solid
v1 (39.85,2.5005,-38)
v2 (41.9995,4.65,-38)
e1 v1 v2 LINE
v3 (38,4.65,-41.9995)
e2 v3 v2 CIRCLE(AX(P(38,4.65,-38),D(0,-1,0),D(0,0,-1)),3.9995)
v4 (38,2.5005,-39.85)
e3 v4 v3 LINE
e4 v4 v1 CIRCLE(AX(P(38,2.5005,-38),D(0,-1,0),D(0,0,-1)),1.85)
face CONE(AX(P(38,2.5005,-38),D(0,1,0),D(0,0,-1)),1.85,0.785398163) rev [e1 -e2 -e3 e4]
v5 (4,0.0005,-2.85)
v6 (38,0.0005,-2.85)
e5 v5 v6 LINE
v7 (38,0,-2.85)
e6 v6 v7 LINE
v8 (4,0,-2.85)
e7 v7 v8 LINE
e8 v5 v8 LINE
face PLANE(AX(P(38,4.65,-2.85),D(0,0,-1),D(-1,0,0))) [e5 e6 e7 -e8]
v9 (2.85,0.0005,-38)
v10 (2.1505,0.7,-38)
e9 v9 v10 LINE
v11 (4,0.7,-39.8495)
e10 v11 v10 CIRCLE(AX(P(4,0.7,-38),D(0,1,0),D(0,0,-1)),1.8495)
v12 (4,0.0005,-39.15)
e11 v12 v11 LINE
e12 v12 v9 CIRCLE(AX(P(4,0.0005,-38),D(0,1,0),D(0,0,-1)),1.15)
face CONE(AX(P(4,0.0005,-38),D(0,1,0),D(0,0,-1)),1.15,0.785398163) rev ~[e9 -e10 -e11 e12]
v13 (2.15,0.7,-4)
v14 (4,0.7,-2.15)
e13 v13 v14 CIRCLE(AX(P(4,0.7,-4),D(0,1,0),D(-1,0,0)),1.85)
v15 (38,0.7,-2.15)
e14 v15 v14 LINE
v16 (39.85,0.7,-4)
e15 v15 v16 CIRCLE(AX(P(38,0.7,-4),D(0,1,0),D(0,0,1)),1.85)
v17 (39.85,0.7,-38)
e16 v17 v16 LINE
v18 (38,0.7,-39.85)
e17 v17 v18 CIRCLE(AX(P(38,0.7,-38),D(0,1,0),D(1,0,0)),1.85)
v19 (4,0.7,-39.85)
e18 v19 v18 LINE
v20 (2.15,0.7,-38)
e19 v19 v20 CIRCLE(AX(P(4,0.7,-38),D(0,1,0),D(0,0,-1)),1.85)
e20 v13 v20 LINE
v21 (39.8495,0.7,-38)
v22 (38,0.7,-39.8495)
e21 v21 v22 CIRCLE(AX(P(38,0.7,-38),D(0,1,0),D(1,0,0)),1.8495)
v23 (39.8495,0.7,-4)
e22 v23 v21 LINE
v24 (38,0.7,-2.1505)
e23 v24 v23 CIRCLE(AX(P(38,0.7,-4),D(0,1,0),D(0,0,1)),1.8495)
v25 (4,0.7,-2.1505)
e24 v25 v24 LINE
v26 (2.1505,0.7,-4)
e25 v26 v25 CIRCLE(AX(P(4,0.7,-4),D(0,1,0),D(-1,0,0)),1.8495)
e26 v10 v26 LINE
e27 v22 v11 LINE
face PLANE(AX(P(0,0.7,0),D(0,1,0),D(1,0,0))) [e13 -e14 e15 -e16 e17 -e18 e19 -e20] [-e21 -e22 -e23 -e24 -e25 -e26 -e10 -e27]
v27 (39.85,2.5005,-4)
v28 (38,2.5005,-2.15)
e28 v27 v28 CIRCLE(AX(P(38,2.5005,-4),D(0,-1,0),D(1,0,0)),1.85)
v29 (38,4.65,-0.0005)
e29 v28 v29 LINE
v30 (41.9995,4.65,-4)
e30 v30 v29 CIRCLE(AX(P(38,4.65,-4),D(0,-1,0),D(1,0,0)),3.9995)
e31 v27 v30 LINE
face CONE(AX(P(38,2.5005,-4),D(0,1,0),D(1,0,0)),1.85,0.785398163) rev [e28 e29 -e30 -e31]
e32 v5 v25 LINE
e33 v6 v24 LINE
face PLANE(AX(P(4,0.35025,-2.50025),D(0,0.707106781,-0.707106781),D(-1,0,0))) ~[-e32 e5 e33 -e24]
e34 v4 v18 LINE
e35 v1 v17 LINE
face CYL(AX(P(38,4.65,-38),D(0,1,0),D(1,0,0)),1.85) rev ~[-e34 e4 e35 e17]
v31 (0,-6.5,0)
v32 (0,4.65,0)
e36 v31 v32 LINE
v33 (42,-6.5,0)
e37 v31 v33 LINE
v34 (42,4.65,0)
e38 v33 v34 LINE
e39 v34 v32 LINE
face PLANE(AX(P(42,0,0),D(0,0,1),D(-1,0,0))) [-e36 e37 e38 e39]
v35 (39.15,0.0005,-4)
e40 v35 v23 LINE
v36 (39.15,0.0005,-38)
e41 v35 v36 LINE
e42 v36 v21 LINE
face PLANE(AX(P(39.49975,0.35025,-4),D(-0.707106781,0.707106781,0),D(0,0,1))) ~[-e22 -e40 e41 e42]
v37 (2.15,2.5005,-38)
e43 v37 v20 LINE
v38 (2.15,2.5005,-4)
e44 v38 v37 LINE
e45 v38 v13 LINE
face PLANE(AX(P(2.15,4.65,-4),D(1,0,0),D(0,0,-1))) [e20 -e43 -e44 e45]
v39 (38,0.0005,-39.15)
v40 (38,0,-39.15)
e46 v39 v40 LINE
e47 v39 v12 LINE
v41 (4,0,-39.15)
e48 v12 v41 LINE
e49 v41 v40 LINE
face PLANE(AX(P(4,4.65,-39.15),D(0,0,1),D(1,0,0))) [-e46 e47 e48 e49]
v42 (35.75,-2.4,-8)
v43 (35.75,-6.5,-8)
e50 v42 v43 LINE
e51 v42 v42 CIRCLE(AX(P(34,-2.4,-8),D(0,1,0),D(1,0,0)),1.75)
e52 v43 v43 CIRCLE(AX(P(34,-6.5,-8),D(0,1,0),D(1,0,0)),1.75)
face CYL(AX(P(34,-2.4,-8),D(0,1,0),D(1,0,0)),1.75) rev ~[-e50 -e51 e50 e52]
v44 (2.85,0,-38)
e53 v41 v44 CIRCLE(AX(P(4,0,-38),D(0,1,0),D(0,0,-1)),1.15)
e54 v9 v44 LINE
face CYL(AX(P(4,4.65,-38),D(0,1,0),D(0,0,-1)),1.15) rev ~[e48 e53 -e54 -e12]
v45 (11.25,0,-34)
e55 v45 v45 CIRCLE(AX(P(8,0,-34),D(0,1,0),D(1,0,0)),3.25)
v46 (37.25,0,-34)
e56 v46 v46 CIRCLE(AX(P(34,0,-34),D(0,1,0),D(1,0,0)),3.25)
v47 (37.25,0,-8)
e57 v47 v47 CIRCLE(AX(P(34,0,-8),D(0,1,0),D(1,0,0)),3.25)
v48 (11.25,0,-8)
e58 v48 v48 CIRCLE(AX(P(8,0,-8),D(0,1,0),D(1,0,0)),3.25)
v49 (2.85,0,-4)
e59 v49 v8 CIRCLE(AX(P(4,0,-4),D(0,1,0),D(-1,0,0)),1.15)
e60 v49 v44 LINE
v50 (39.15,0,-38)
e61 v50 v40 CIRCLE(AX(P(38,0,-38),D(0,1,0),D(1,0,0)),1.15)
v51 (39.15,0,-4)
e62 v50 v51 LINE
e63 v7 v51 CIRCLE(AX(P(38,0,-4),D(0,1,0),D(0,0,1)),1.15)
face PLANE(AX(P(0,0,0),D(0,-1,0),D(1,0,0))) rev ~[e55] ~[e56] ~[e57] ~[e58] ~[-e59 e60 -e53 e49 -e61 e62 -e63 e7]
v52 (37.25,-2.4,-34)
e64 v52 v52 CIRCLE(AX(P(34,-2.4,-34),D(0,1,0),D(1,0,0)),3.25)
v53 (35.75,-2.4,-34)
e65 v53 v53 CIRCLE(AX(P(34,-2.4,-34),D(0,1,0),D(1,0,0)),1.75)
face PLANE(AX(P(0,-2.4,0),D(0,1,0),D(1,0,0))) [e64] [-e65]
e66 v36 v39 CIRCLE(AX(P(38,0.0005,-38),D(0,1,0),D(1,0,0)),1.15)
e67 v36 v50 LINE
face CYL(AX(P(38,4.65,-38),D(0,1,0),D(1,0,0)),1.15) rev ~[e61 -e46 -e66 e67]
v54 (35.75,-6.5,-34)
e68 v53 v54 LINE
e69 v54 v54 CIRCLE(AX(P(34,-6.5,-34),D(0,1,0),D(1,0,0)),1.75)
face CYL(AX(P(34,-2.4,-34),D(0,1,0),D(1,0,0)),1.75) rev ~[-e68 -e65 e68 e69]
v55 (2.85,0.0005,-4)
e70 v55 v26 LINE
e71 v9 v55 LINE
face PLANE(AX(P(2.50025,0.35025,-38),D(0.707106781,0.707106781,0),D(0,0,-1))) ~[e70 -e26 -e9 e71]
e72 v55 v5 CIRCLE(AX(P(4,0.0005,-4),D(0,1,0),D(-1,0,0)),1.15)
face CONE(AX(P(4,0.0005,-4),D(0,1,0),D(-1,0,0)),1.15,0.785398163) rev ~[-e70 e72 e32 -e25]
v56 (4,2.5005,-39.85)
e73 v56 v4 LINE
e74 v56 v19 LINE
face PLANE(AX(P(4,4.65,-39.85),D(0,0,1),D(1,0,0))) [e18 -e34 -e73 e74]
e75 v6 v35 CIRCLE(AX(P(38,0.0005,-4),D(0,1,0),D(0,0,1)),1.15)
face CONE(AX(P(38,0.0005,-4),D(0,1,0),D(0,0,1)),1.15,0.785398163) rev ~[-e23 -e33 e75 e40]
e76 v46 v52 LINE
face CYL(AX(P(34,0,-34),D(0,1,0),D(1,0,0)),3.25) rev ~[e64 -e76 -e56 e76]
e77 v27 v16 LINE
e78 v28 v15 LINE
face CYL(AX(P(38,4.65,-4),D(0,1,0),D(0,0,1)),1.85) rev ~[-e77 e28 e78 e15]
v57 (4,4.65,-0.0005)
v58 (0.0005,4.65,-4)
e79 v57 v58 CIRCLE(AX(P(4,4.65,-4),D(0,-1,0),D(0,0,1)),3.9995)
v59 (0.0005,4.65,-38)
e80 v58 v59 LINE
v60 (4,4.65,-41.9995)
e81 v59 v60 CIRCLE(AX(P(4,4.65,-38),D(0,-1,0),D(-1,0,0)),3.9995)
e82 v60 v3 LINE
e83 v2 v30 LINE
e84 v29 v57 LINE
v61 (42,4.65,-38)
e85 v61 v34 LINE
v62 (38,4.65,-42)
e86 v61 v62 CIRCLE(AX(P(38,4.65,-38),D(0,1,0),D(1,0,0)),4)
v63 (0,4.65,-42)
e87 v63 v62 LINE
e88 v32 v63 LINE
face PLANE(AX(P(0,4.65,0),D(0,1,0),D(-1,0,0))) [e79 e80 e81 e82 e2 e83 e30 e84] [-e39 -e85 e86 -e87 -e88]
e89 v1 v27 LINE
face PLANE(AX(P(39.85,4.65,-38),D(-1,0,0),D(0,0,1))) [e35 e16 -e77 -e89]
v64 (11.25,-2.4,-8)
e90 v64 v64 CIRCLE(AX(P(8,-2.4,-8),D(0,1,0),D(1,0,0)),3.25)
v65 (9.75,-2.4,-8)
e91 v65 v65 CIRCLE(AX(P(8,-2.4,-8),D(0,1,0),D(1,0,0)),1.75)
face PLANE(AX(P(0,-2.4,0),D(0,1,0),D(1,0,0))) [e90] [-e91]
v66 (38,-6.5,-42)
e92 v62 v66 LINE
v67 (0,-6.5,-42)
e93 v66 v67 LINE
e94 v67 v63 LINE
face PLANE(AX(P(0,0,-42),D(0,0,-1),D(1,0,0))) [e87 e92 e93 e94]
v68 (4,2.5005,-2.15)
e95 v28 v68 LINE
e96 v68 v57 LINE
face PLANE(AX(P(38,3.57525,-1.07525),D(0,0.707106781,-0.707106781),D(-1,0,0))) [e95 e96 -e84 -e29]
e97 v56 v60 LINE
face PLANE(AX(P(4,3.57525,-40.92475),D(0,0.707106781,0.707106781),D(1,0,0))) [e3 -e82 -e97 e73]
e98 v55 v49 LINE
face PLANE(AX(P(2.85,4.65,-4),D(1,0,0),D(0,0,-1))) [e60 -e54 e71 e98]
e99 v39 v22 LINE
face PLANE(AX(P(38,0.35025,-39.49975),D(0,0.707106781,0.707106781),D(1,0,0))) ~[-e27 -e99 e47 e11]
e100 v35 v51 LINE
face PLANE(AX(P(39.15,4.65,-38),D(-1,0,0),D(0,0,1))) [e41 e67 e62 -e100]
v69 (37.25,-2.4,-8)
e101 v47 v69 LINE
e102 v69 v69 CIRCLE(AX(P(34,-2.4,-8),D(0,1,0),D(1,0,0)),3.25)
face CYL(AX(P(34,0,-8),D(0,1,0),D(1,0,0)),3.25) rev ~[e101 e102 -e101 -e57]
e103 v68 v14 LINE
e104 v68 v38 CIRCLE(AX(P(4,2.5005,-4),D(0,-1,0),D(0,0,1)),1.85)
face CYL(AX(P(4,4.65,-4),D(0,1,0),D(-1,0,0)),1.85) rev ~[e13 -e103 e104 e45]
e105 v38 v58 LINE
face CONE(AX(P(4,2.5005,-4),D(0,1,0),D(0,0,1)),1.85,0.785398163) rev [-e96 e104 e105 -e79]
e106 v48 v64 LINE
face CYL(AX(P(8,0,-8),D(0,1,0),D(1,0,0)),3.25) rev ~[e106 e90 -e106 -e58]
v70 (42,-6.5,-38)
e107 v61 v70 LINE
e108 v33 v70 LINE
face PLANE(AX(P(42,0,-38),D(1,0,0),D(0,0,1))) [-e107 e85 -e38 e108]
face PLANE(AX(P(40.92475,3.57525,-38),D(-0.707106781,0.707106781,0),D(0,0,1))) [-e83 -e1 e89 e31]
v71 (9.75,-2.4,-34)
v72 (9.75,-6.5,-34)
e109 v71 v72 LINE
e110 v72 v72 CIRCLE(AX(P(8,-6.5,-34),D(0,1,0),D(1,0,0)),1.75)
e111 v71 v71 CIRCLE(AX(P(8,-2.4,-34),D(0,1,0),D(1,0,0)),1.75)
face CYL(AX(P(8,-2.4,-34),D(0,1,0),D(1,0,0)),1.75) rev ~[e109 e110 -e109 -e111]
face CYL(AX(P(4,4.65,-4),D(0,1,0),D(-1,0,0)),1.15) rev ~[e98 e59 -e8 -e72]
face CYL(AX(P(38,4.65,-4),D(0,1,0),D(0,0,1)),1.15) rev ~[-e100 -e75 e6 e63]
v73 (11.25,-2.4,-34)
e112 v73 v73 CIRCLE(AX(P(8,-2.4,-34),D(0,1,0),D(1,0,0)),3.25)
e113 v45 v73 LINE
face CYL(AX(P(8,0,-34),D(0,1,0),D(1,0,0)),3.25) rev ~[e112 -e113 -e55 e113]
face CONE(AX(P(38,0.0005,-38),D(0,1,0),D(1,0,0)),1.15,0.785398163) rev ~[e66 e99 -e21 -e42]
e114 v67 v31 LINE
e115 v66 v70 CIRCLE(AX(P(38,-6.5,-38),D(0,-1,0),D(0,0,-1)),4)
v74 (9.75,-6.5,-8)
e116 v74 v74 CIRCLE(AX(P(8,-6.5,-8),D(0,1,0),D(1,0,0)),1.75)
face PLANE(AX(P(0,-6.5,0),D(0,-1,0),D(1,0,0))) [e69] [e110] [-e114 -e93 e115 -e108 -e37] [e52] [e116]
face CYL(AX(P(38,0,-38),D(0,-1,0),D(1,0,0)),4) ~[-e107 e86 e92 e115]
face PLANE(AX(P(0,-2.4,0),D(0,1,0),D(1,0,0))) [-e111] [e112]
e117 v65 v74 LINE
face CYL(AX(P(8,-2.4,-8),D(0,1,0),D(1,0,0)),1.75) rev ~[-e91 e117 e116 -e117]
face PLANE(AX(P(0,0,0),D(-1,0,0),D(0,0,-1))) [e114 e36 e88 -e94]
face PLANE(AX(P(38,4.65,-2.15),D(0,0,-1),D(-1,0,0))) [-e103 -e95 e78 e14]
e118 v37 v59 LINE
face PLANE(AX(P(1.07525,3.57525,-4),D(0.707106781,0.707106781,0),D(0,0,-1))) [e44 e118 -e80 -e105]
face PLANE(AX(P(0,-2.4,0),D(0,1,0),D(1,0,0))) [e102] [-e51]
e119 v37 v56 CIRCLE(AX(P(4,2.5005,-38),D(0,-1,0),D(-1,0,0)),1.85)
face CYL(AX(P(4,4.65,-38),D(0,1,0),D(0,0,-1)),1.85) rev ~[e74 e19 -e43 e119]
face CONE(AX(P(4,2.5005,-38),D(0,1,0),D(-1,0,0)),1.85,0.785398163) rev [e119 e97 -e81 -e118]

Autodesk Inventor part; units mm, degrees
ref_plane "YZ Plane" through (0, 0, 0) normal (1, 0, 0) x (0, 1, 0)
ref_plane "XZ Plane" through (0, 0, 0) normal (0, 1, 0) x (-1, 0, 0)
ref_plane "XY Plane" through (0, 0, 0) normal (0, 0, 1) x (1, 0, 0)
sketch "Sketch1" plane through (0, 0, 0) normal (0, 1, 0) x (-1, 0, 0)
  line L0 (0, -42) -> (-38, -42)
  line L1 (-42, -38) -> (-42, 0)
  line L2 (-42, 0) -> (0, 0)
  line L3 (0, 0) -> (0, -42)
  arc A0 (-42, -38) -> (-38, -42) centre (-38, -38) ccw
  point P0 (-42, -42)
  dimension "d0" = 42
  dimension "d1" = 42
  dimension "d31" = 4
extrude "square-base" add sketch "Sketch1" along normal blind 4.65
sketch "Sketch2" plane through (0, 4.65, 0) normal (0, 1, 0) x (1, 0, 0)
  line L0 (4, 39.15) -> (38, 39.15)
  line L1 (39.15, 38) -> (39.15, 4)
  line L2 (38, 2.85) -> (4, 2.85)
  line L3 (2.85, 4) -> (2.85, 38)
  line L4 (38, 42) -> (0, 42) projected
  line L5 (0, 42) -> (0, 0) projected
  line L6 (42, 0) -> (42, 38) projected
  line L7 (0, 0) -> (42, 0) projected
  arc A0 (39.15, 38) -> (38, 39.15) centre (38, 38) ccw
  arc A1 (38, 2.85) -> (39.15, 4) centre (38, 4) ccw
  arc A2 (2.85, 4) -> (4, 2.85) centre (4, 4) ccw
  arc A3 (4, 39.15) -> (2.85, 38) centre (4, 38) ccw
  point P0 (2.85, 39.15)
  point P1 (39.15, 2.85)
  point P2 (39.15, 39.15)
  point P3 (2.85, 2.85)
  point P4 (42, 42)
  dimension "d4" = 2.85
  dimension "d5" = 2.85
  dimension "d6" = 2.85
  dimension "d7" = 2.85
  dimension "d29" = 1.15
extrude "Extrusion2" cut sketch "Sketch2" against normal through all
sketch "Sketch3" plane through (0, 4.65, 0) normal (0, 1, 0) x (1, 0, 0)
  line L0 (38, 2.15) -> (4, 2.15)
  line L1 (2.15, 4) -> (2.15, 38)
  line L2 (4, 39.85) -> (38, 39.85)
  line L3 (39.85, 38) -> (39.85, 4)
  line L4 (0, 42) -> (0, 0) projected
  line L5 (38, 2.85) -> (4, 2.85) projected
  line L6 (42, 0) -> (42, 38) projected
  line L7 (38, 42) -> (0, 42) projected
  line L8 (0, 0) -> (42, 0) projected
  line L9 (39.15, 38) -> (39.15, 4) projected
  line L10 (2.85, 4) -> (2.85, 38) projected
  line L11 (4, 39.15) -> (38, 39.15) projected
  arc A0 (39.85, 38) -> (38, 39.85) centre (38, 38) ccw
  arc A1 (38, 2.15) -> (39.85, 4) centre (38, 4) ccw
  arc A2 (2.15, 4) -> (4, 2.15) centre (4, 4) ccw
  arc A3 (4, 39.85) -> (2.15, 38) centre (4, 38) ccw
  point P0 (39.85, 2.15)
  point P1 (2.15, 39.85)
  point P2 (2.15, 2.15)
  point P3 (39.85, 39.85)
  point P4 (39.15, 2.85)
  point P5 (2.85, 2.85)
  point P6 (42, 42)
  point P7 (39.15, 39.15)
  point P8 (2.85, 39.15)
  dimension "d10" = 2.15
  dimension "d12" = 2.15
  dimension "d13" = 2.15
  dimension "d14" = 2.15
  dimension "d30" = 1.85
extrude "Extrusion3" cut sketch "Sketch3" against normal blind 3.95
chamfer "Chamfer2" distance 0.7 angle 45 4 edges at (39.15, 0.7, -21) (21, 0.7, -2.85) (2.85, 0.7, -21) (21, 0.7, -39.15)
chamfer "Chamfer1" distance 2.15 angle 45 8 edges at (39.85, 4.65, -21) (39.3081, 4.65, -2.6919) (21, 4.65, -2.15) (2.6919, 4.65, -2.6919) (2.15, 4.65, -21) (2.6919, 4.65, -39.3081) (21, 4.65, -39.85) (39.3081, 4.65, -39.3081)
sketch "Sketch5" plane through (0, 0, 0) normal (0, -1, 0) x (1, 0, 0)
  arc A0 (38, -39.15) -> (39.15, -38) centre (38, -38) ccw projected
  line L0 (38, -39.15) -> (4, -39.15) projected
  arc A1 (2.85, -38) -> (4, -39.15) centre (4, -38) ccw projected
  line L1 (2.85, -38) -> (2.85, -4) projected
  arc A2 (4, -2.85) -> (2.85, -4) centre (4, -4) ccw projected
  line L2 (4, -2.85) -> (38, -2.85) projected
  arc A3 (39.15, -4) -> (38, -2.85) centre (38, -4) ccw projected
  line L3 (39.15, -4) -> (39.15, -38) projected
  line L4 (38, -42) -> (0, -42) projected
  arc A4 (38, -42) -> (42, -38) centre (38, -38) ccw projected
  line L5 (42, 0) -> (42, -38) projected
  line L6 (0, 0) -> (42, 0) projected
  line L7 (0, -42) -> (0, 0) projected
extrude "weighted-base" add sketch "Sketch5" along normal blind 6.5 contours L0 A1 L1 A2 L2 A3 L3 A0 | L4 L7 L6 L5 A4
sketch "Sketch6" plane through (0, 0, 0) normal (0, 1, 0) x (1, 0, 0)
  circle A0 centre (34, 8) radius 3.25
  circle A1 centre (8, 8) radius 3.25
  circle A2 centre (34, 34) radius 3.25
  circle A3 centre (8, 34) radius 3.25
  line L0 (4, 0) -> (38, 0) projected
  line L1 (42, 4) -> (42, 38) projected
  line L2 (38, 42) -> (4, 42) projected
  line L3 (0, 38) -> (0, 4) projected
  point P0 (0, 0)
  dimension "d34" = 6.5
  dimension "d35" = 8
  dimension "d36" = 8
  dimension "d37" = 8
  dimension "d38" = 8
extrude "Extrusion5" cut sketch "Sketch6" against normal blind 2.4
sketch "Sketch7" plane through (34, -2.4, -8) normal (0, 1, 0) x (1, 0, 0)
  circle A0 centre (0, 0) radius 1.75
  circle A1 centre (-26, 0) radius 1.75
  circle A2 centre (-26, 26) radius 1.75
  circle A3 centre (0, 26) radius 1.75
  circle A4 centre (0, 0) radius 3.25 projected
  circle A5 centre (-26, 0) radius 3.25 projected
  circle A6 centre (-26, 26) radius 3.25 projected
  circle A7 centre (0, 26) radius 3.25 projected
  point P0 (-34, -8)
  dimension "d41" = 3.5
extrude "Extrusion6" cut sketch "Sketch7" against normal through all contours A0 | A1 | A2 | A3
equation "\"d1\" = d0"
equation "\"d5\" = d4"
equation "\"d6\" = d4"
equation "\"d7\" = d4"
equation "\"d12\" = d10"
equation "\"d13\" = d10"
equation "\"d14\" = d10"
equation "\"d36\" = d35"
equation "\"d37\" = d35"
equation "\"d38\" = d35"
properties part number "base-plate-weighted"
